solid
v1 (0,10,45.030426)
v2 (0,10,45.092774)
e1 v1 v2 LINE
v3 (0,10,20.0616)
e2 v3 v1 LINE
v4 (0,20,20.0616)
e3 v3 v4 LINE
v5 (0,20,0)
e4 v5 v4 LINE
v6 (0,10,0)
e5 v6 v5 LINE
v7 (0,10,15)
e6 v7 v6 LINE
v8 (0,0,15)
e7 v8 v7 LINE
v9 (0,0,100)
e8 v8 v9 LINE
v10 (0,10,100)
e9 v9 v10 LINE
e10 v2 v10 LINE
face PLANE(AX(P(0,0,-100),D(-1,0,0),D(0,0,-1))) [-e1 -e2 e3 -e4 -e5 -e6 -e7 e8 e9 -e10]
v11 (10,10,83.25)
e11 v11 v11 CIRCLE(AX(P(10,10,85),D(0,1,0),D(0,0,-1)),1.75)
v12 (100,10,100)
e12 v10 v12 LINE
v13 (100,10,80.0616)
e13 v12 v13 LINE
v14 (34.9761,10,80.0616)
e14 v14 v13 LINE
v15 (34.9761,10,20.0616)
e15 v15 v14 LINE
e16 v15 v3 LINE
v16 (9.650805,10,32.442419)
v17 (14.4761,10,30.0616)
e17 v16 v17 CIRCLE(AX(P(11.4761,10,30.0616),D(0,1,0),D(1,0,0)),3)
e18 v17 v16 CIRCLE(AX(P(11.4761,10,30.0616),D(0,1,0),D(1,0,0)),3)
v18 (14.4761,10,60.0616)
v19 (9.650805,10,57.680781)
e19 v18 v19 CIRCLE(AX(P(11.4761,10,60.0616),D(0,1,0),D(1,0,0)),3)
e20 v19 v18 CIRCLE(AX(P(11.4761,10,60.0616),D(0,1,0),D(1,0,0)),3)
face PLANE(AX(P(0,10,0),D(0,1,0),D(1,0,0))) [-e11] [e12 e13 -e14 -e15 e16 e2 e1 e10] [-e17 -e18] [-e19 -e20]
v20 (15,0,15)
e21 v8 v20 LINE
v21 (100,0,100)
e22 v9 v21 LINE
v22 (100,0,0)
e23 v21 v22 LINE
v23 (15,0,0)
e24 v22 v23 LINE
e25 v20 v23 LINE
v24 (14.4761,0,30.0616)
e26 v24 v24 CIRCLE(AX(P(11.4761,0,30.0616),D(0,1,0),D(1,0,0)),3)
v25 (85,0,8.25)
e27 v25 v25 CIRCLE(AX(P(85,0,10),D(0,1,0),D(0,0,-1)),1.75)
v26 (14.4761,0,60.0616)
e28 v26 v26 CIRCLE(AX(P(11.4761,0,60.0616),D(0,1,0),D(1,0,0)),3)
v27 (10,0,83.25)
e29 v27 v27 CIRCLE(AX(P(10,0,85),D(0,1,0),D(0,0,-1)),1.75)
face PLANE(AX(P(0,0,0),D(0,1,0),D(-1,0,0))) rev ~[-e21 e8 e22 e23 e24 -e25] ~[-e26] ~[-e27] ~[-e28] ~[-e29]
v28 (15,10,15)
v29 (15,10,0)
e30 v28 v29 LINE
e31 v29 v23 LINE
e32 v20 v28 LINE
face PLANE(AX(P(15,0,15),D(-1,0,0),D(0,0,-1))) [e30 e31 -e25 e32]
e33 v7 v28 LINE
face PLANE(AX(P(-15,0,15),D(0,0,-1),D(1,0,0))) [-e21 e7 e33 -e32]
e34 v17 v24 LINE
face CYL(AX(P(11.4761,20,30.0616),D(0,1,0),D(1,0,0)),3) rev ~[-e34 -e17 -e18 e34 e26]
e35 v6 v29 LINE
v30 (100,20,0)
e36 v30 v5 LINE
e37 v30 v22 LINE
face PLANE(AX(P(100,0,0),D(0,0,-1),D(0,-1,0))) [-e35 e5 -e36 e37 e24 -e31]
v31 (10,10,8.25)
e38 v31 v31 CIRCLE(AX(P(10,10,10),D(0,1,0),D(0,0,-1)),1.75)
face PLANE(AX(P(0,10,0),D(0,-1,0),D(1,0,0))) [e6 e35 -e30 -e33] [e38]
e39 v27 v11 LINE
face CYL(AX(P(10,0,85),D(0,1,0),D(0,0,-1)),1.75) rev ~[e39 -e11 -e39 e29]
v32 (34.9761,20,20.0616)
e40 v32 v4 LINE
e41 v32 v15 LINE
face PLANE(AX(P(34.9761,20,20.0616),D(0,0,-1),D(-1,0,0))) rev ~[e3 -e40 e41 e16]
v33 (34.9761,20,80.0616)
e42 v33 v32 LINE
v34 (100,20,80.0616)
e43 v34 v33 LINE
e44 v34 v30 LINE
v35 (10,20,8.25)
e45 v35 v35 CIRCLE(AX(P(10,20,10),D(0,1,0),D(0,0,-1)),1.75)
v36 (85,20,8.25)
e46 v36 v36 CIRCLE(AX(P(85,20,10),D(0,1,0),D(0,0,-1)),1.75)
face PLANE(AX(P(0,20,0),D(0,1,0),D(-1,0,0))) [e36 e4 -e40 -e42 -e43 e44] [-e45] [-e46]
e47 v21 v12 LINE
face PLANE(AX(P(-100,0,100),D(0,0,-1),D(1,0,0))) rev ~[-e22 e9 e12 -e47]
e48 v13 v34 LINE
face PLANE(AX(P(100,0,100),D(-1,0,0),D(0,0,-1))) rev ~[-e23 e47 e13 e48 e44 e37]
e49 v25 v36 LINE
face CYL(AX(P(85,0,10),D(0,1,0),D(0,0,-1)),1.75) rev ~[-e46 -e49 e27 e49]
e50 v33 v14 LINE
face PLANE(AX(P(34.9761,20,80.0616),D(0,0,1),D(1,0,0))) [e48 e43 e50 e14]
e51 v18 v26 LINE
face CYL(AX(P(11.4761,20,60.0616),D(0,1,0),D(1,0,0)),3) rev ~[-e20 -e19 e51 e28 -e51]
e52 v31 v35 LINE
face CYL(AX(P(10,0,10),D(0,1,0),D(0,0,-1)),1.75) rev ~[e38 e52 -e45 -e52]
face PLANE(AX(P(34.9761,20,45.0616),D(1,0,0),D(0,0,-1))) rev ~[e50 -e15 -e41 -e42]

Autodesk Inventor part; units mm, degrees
ref_plane "YZ Plane" through (0, 0, 0) normal (1, 0, 0) x (0, 1, 0)
ref_plane "XZ Plane" through (0, 0, 0) normal (0, 1, 0) x (-1, 0, 0)
ref_plane "XY Plane" through (0, 0, 0) normal (0, 0, 1) x (1, 0, 0)
sketch "Boceto1" plane through (0, 0, 0) normal (0, 1, 0) x (-1, 0, 0)
  line L0 (100, 100) -> (-100, 100)
  line L1 (-100, 100) -> (-100, -100)
  line L2 (-100, -100) -> (100, -100)
  line L3 (100, -100) -> (100, 100)
  line L4 (100, 100) -> (-100, -100) construction
  line L5 (-100, 100) -> (100, -100) construction
  point P0 (0, 0)
  dimension "d0" = 200
  dimension "d1" = 200
extrude "Extrusión1" add sketch "Boceto1" along normal blind 20
sketch "Boceto2" plane through (0, 20, 0) normal (0, 1, 0) x (1, 0, 0)
  circle A0 centre (-11.5239, -30.0616) radius 3
  circle A1 centre (11.4761, -30.0616) radius 3
  circle A2 centre (-11.5239, -60.0616) radius 3
  circle A3 centre (11.4761, -60.0616) radius 3
  line L0 (-0.0239, -45.0616) -> (-35.0239, -45.0616)
  line L1 (-35.0239, -45.0616) -> (-35.0239, -80.0616)
  line L2 (-0.0239, -45.0616) -> (34.9761, -45.0616)
  line L3 (-11.5239, -30.0616) -> (11.4761, -60.0616)
  line L4 (-11.5239, -60.0616) -> (11.4761, -30.0616)
  line L5 (34.9761, -20.0616) -> (-35.0239, -20.0616)
  line L6 (-35.0239, -20.0616) -> (-35.0239, -80.0616)
  line L7 (34.9761, -80.0616) -> (34.9761, -20.0616)
  line L8 (-105, -100.0616) -> (105, -100.0616)
  line L9 (-105.0239, -80.0616) -> (104.9761, -80.0616)
  line L10 (-35.0239, -80.0616) -> (34.9761, -80.0616)
  line L11 (105, -100.0616) -> (95.8154, -100.0616)
  line L12 (-105.0239, -80.0616) -> (104.9761, -80.0616)
  line L13 (105, -80.0616) -> (-105, -80.0616)
  line L14 (-105, -100.0616) -> (105, -100.0616)
  line L15 (105, -90.0616) -> (94.0798, -90.0616)
  line L16 (-105, -100.0616) -> (105, -100.0616)
  line L17 (-105, -80.0616) -> (105, -80.0616)
  line L18 (105, -80.0616) -> (105, -100.0616)
  line L19 (105, -100.0616) -> (-105, -100.0616)
  line L20 (-105, -100.0616) -> (-105, -80.0616)
  line L21 (-100, 100) -> (-100, -100) projected
  line L22 (-100, -100) -> (100.4077, -100)
  point P0 (0, 0)
  point P1 (0, -10.0616)
  point P2 (0, -90.0616)
  point P3 (-0.0478, -80.0616)
  dimension "d4" = 20
  dimension "d5" = 20
  dimension "d6" = 30
  dimension "d7" = 30
  dimension "d8" = 20
  dimension "d9" = 35
  dimension "d10" = 35
  dimension "d11" = 60
extrude "Extrusión2" cut sketch "Boceto2" against normal blind 10
sketch "Boceto3" plane through (0, 20, 0) normal (0, 1, 0) x (1, 0, 0)
  circle A0 centre (-11.5239, -30.0616) radius 3 projected
  circle A1 centre (-11.5239, -30.0616) radius 3
  circle A2 centre (11.4761, -30.0616) radius 3 projected
  circle A3 centre (11.4761, -30.0616) radius 3
  circle A4 centre (11.4761, -60.0616) radius 3 projected
  circle A5 centre (11.4761, -60.0616) radius 3
  circle A6 centre (-11.5239, -60.0616) radius 3
  point P0 (0, 0)
extrude "Extrusión3" cut sketch "Boceto3" against normal blind 20
sketch "Boceto4" plane through (0, 20, 0) normal (0, 1, 0) x (1, 0, 0)
  circle A0 centre (-51.75, 78.25) radius 1.75
  line L0 (-50, 70) -> (-60, 70)
  line L1 (-60, 70) -> (-60, 80)
  line L2 (-60, 80) -> (-50, 80)
  line L3 (-50, 80) -> (-50, 70)
  line L4 (-50, 70) -> (-60, 80) construction
  line L5 (-60, 70) -> (-50, 80) construction
  line L6 (-105, 90) -> (-105, -90)
  circle A1 centre (-58.25, 71.75) radius 1.75
  line L7 (0, 90) -> (0, 77.3124)
  circle A2 centre (51.75, 78.25) radius 1.75
  line L8 (50, 70) -> (60, 70)
  line L9 (60, 70) -> (60, 80)
  line L10 (60, 80) -> (50, 80)
  line L11 (50, 80) -> (50, 70)
  line L12 (50, 70) -> (60, 80) construction
  line L13 (60, 70) -> (50, 80) construction
  circle A3 centre (58.25, 71.75) radius 1.75
  line L14 (100, 100) -> (-100, 100) projected
  line L15 (-100, 100) -> (-100, -80.0616) projected
  line L16 (100, -80.0616) -> (100, 100) projected
  point P0 (0, 0)
  point P1 (0, 0)
  point P2 (-60, 75)
  point P3 (60, 75)
  dimension "d16" = 3.5
  dimension "d18" = 1.75
  dimension "d19" = 1.75
  dimension "d20" = 1.75
  dimension "d21" = 1.75
  dimension "d22" = 10
  dimension "d23" = 10
  dimension "d25" = 20
  dimension "d26" = 40
  dimension "d27" = 40
hole "Agujero1" at (-58.25, 20, -71.75) at (-51.75, 20, -78.25) at (58.25, 20, -71.75) at (51.75, 20, -78.25) direction (0, -1, 0) diameter 3.5 end through all
sketch "Boceto5" plane through (0, 20, 0) normal (0, 1, 0) x (1, 0, 0)
  line L0 (0, 90) -> (0, 68.25)
  circle A0 centre (-51.75, 78.25) radius 1.75 projected
  line L1 (-50, 78.25) -> (-50, 100)
  circle A1 centre (-58.25, 71.75) radius 1.75 projected
  line L2 (-60, 71.75) -> (-60, 100)
  line L3 (-60, 100) -> (-70, 100)
  line L4 (-50, 100) -> (-40, 100)
  line L5 (-40, 100) -> (-40, 60)
  line L6 (-40, 60) -> (-70, 60)
  line L7 (-70, 60) -> (-70, 100)
  line L8 (-70, 100) -> (-40, 100)
  circle A2 centre (51.75, 78.25) radius 1.75
  line L9 (50, 78.25) -> (50, 100)
  circle A3 centre (58.25, 71.75) radius 1.75
  line L10 (60, 71.75) -> (60, 100)
  line L11 (60, 100) -> (70, 100)
  line L12 (50, 100) -> (40, 100)
  line L13 (40, 100) -> (40, 60)
  line L14 (40, 60) -> (70, 60)
  line L15 (70, 60) -> (70, 100)
  line L16 (70, 100) -> (40, 100)
  point P0 (0, 0)
  dimension "d38" = 10
  dimension "d39" = 10
  dimension "d40" = 40
extrude "Extrusión4" cut sketch "Boceto5" against normal blind 10
ref_plane "Plano de trabajo1" through (0, 0, -100) normal (-1, 0, 0) x (0, 0, 1)
ref_plane "Plano de trabajo2" through (100, 0, 0) normal (0, 0, -1) x (-1, 0, 0)
sketch "Boceto7" plane through (0, 0, 0) normal (0, -1, 0) x (1, 0, 0)
  circle A0 centre (10, -10) radius 1.75
  line L0 (6.803, 0) -> (14.6069, 0)
  line L1 (0, 0) -> (0, -4.8284)
  line L2 (0, 0) -> (20.0354, 0)
  circle A1 centre (10, 10) radius 1.75
  line L3 (0, 0) -> (0, 4.8284)
  circle A2 centre (-10, -10) radius 1.75
  circle A3 centre (-10, 10) radius 1.75
  dimension "d52" = 3.5
  dimension "d54" = 10
  dimension "d55" = 10
hole "Agujero2" at (10, 0, -10) at (10, 0, 10) at (-10, 0, 10) at (-10, 0, -10) direction (0, 1, 0) diameter 3.5 end through all
sketch "Boceto8" plane through (0, 0, 0) normal (0, -1, 0) x (1, 0, 0)
  line L0 (-15, 15) -> (15, 15)
  line L1 (15, 15) -> (15, -15)
  line L2 (15, -15) -> (-15, -15)
  line L3 (-15, -15) -> (-15, 15)
  line L4 (-15, 15) -> (15, -15) construction
  line L5 (15, 15) -> (-15, -15) construction
  point P0 (0, 0)
  dimension "d63" = 30
  dimension "d64" = 30
extrude "Extrusión5" cut sketch "Boceto8" against normal blind 10
sketch "Boceto9" plane through (0, 0, 0) normal (0, -1, 0) x (1, 0, 0)
  circle A0 centre (85, -10) radius 1.75
  line L0 (100, 100) -> (100, -100) projected
  line L1 (140, 0) -> (-140, 0) projected
  circle A1 centre (85, 10) radius 1.75
  line L2 (0, 0) -> (0, 9.4908)
  circle A2 centre (-85, -10) radius 1.75
  circle A3 centre (-85, 10) radius 1.75
  line L3 (0, 0) -> (6.3157, 6.3157)
  line L4 (0, 0) -> (8.9318, 0) construction
  circle A4 centre (10, 85) radius 1.75
  circle A5 centre (-10, -85) radius 1.75
  line L5 (0, 0) -> (5.9531, -5.9531)
  line L6 (0, 0) -> (8.419, 0) construction
  circle A6 centre (10, -85) radius 1.75
  circle A7 centre (-10, 85) radius 1.75
  dimension "d67" = 3.5
  dimension "d68" = 15
  dimension "d69" = 10
  dimension "d70" = 45
  dimension "d71" = 45
hole "Agujero3" at (-10, 0, 85) at (10, 0, 85) at (85, 0, 10) at (85, 0, -10) at (-85, 0, 10) at (-85, 0, -10) at (-10, 0, -85) at (10, 0, -85) direction (0, 1, 0) diameter 3.5 end through all
split "Dividir3" plane through (100, 0, 0) removes the side toward (0, 0, -1)
split "Dividir4" plane through (0, 0, -100) removes the side toward (-1, 0, 0)
properties part number "base_front_4"
